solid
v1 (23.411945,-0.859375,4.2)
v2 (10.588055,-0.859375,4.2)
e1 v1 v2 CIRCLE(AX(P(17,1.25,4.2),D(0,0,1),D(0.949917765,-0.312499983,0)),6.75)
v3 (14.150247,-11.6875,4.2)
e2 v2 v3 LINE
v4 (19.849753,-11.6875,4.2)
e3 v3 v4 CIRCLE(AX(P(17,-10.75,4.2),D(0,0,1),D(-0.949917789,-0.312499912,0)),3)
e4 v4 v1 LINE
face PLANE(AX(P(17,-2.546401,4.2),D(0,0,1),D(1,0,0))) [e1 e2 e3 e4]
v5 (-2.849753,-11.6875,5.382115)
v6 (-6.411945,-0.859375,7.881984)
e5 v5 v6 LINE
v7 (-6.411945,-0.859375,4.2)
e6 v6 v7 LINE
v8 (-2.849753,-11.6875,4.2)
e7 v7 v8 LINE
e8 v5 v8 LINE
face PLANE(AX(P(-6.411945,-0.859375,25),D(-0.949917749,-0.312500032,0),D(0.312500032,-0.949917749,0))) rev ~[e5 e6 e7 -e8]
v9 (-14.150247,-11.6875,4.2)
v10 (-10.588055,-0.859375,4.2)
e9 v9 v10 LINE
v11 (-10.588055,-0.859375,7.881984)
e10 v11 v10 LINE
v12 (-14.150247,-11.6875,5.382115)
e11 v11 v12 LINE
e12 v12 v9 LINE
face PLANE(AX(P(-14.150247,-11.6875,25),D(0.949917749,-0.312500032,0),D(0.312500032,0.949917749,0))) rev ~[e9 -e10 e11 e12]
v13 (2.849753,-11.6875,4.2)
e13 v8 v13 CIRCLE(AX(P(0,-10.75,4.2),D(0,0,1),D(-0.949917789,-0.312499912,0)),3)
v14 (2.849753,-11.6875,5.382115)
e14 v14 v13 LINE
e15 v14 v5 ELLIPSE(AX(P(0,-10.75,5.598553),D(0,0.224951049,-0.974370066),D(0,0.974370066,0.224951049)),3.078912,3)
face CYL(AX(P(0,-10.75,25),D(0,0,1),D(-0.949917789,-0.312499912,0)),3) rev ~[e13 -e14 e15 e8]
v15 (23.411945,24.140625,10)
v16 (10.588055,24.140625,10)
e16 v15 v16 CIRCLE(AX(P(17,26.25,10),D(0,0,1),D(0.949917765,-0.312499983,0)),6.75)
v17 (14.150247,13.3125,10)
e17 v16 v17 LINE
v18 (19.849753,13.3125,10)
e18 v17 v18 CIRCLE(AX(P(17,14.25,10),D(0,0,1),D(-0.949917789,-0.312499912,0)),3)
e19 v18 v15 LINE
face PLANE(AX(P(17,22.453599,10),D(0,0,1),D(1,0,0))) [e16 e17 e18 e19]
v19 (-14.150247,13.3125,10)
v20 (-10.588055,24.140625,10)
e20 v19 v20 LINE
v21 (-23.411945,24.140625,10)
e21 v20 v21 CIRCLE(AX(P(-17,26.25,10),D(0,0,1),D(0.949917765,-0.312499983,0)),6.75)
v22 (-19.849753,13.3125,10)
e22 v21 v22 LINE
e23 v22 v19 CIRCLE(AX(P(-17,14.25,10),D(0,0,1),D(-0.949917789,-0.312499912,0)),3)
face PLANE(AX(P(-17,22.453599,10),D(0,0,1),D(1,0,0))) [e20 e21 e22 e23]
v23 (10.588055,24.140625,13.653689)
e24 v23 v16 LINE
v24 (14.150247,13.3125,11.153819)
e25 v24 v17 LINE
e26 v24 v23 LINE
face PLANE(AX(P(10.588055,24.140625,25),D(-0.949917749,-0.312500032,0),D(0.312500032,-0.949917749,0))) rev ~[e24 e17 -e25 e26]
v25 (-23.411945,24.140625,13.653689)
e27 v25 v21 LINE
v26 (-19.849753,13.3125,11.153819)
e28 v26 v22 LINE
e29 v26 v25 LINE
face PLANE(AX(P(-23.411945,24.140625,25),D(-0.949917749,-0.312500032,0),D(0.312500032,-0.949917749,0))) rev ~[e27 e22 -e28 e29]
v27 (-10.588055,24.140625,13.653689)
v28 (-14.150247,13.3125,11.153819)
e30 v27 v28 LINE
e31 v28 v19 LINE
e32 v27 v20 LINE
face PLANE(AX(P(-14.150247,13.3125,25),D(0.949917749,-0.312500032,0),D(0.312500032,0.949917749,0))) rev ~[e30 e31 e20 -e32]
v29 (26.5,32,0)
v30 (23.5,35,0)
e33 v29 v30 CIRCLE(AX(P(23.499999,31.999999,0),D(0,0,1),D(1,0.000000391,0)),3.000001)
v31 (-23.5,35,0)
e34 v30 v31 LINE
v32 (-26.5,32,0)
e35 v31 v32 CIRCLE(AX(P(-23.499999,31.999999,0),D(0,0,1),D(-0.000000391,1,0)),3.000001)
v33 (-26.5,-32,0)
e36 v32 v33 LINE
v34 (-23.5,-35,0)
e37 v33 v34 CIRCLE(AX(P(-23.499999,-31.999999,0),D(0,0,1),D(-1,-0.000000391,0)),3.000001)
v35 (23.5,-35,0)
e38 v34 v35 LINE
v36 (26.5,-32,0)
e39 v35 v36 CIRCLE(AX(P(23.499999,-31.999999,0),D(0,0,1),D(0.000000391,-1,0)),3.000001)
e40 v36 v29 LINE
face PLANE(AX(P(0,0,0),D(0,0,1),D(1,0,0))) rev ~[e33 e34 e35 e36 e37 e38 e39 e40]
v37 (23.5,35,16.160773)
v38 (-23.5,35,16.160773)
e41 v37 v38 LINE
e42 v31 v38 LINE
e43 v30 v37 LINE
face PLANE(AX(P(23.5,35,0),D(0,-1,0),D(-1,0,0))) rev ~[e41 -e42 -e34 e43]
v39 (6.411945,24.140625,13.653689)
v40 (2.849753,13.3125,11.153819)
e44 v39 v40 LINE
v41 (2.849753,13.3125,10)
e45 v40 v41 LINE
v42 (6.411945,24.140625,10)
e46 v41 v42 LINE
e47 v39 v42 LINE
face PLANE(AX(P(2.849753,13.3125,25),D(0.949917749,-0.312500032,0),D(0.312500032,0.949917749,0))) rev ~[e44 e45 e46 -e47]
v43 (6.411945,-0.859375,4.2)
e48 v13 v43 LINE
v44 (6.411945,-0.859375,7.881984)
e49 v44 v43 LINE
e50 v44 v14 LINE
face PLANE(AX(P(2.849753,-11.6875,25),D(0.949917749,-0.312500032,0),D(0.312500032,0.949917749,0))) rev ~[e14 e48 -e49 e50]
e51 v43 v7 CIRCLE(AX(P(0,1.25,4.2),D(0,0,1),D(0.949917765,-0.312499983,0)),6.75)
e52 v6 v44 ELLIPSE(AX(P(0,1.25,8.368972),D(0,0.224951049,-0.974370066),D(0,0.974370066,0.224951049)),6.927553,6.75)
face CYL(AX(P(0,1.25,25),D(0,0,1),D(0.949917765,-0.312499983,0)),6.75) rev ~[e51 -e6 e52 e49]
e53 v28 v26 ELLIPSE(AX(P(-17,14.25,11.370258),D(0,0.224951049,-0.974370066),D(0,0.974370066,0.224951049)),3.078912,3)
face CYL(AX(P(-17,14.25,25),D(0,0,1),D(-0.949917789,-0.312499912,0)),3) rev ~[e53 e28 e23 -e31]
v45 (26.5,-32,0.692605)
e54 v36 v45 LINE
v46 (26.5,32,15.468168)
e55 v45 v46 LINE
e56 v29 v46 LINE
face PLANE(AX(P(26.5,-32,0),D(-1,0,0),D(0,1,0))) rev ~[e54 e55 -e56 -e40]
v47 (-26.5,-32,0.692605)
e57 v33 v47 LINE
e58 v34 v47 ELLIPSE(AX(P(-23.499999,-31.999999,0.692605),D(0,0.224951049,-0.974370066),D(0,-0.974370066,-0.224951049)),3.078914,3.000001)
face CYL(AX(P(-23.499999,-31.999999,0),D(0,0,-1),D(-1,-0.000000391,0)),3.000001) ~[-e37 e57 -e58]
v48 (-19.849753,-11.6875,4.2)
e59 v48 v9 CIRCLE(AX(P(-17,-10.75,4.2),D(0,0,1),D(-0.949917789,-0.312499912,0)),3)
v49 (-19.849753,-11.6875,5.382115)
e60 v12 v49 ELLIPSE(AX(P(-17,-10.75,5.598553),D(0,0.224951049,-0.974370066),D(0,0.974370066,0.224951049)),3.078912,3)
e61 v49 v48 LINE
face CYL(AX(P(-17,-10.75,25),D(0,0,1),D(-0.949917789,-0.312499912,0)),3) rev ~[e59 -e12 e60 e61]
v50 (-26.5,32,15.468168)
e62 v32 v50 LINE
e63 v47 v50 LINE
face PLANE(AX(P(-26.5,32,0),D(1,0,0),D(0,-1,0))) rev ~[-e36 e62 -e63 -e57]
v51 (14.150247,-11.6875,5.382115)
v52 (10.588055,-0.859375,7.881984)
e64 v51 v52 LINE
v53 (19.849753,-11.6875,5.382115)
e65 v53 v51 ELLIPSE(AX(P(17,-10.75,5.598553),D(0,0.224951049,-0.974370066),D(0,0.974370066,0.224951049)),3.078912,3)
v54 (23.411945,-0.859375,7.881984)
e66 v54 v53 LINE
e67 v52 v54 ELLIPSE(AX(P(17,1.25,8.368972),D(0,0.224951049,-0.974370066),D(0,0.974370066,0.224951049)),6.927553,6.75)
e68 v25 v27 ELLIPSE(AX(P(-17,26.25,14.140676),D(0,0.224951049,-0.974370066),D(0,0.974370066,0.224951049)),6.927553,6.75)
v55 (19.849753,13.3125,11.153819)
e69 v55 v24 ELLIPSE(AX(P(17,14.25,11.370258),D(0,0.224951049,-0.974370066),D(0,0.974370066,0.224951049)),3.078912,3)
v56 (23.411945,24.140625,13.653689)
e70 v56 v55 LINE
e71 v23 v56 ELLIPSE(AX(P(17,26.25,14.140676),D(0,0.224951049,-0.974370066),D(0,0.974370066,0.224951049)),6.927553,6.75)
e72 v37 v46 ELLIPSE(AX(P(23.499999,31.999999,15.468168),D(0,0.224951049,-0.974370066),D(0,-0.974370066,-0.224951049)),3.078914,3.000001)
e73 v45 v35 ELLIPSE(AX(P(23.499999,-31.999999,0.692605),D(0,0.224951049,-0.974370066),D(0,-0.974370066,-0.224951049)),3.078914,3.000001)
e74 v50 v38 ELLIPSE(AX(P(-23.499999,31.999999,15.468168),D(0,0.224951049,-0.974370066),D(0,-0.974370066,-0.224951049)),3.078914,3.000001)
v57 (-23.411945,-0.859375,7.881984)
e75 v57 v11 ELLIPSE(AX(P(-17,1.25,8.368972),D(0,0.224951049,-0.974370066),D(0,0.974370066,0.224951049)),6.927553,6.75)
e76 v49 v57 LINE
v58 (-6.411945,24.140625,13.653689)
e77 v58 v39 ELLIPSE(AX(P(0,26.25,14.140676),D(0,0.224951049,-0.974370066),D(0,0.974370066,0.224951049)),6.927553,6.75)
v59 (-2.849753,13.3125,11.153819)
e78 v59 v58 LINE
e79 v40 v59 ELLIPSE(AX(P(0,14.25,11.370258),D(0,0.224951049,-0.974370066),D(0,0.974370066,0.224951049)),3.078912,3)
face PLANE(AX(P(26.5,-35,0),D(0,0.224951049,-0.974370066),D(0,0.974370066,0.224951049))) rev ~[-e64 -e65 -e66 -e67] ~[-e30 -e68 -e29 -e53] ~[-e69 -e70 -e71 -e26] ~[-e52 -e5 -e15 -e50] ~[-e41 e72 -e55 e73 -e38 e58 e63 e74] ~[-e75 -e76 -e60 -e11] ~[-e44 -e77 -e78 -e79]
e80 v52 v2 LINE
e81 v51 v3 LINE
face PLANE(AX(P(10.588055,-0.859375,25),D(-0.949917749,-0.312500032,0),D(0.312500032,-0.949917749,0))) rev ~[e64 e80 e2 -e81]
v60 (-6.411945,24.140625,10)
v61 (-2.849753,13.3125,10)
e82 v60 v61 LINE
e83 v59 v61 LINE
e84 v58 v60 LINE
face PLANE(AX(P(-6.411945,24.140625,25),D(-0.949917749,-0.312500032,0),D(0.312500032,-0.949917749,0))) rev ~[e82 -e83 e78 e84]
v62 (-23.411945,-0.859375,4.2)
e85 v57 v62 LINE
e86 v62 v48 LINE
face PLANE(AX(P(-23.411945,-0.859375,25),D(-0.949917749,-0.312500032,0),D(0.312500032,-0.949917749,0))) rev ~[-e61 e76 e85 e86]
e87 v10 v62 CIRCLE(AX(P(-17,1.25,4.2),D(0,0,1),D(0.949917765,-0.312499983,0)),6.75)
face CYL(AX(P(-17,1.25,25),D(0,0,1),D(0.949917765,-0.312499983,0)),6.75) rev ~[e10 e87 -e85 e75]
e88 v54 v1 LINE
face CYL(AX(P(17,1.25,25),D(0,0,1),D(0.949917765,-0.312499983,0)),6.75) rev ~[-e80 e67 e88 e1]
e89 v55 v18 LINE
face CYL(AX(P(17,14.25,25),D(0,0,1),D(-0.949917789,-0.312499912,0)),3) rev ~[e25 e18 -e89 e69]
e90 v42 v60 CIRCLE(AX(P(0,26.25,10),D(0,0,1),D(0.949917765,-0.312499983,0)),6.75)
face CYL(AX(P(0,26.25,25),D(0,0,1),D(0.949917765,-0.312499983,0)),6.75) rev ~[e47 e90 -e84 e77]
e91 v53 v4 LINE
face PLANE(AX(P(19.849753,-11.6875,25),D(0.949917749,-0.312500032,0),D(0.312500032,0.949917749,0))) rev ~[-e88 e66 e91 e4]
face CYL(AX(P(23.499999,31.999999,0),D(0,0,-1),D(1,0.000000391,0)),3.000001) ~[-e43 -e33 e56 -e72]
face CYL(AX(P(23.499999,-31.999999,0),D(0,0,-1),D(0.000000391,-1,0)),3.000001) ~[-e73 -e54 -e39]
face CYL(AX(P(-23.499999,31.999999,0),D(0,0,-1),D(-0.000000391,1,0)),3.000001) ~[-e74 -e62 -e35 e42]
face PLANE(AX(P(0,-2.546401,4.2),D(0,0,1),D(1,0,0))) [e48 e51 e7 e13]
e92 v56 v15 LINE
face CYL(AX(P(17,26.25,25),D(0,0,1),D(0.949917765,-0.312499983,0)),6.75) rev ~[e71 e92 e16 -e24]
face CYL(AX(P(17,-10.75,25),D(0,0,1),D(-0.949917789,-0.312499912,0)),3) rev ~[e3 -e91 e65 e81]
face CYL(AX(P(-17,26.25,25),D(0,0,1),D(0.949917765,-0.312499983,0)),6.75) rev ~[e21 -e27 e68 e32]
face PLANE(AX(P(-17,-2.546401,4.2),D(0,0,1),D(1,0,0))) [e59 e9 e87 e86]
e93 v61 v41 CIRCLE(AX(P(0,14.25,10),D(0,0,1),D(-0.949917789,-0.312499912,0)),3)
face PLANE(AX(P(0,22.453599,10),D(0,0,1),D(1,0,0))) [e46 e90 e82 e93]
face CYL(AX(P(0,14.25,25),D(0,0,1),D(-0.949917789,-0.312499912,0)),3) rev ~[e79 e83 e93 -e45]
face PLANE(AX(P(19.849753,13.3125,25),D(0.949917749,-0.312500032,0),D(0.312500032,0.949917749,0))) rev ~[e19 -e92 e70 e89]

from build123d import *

# Parameters (mm, degrees)
F1_DEPTH = 25
F3_DEPTH = 53.001
F6_DEPTH = 15
F8_DEPTH = 20.8


with BuildPart() as f1:
    # F0 (on Top) → F1 (new body)
    with BuildSketch(Plane.XY):
        with BuildLine():
            Line((23.5, 35), (-23.5, 35))
            ThreePointArc((-23.5, 35), (-25.62132, 34.12132), (-26.5, 32))
            Line((-26.5, 32), (-26.5, -32))
            ThreePointArc((-26.5, -32), (-25.62132, -34.12132), (-23.5, -35))
            Line((-23.5, -35), (23.5, -35))
            ThreePointArc((23.5, -35), (25.62132, -34.12132), (26.5, -32))
            Line((26.5, -32), (26.5, 32))
            ThreePointArc((26.5, 32), (25.62132, 34.12132), (23.5, 35))
        make_face()
    extrude(amount=F1_DEPTH)

    # F2 (on face) → F3 (cut, through all)
    with BuildSketch(Plane.YZ.offset(26.5)):
        Polygon((-35, 25), (-35, 0), (35, 16.160773), (35, 25), align=None)
    extrude(amount=-F3_DEPTH, mode=Mode.SUBTRACT)

    # F5 (on offset) → F6 (cut)
    with BuildSketch(Plane.XY.offset(25)):
        with BuildLine():
            Line((2.849753, 13.3125), (6.411945, 24.140625))
            ThreePointArc((6.411945, 24.140625), (0, 33), (-6.411945, 24.140625))
            Line((-6.411945, 24.140625), (-2.849753, 13.3125))
            ThreePointArc((-2.849753, 13.3125), (0, 11.25), (2.849753, 13.3125))
        make_face()
        with BuildLine():
            Line((19.849753, 13.3125), (23.411945, 24.140625))
            ThreePointArc((23.411945, 24.140625), (17, 33), (10.588055, 24.140625))
            Line((10.588055, 24.140625), (14.150247, 13.3125))
            ThreePointArc((14.150247, 13.3125), (17, 11.25), (19.849753, 13.3125))
        make_face()
        with BuildLine():
            ThreePointArc((-19.849753, 13.3125), (-17, 11.25), (-14.150247, 13.3125))
            Line((-14.150247, 13.3125), (-10.588055, 24.140625))
            ThreePointArc((-10.588055, 24.140625), (-17, 33), (-23.411945, 24.140625))
            Line((-23.411945, 24.140625), (-19.849753, 13.3125))
        make_face()
    extrude(amount=-F6_DEPTH, mode=Mode.SUBTRACT)

    # F7 (on offset) → F8 (cut)
    with BuildSketch(Plane.XY.offset(25)):
        with BuildLine():
            Line((10.588055, -0.859375), (14.150247, -11.6875))
            ThreePointArc((14.150247, -11.6875), (17, -13.75), (19.849753, -11.6875))
            Line((19.849753, -11.6875), (23.411945, -0.859375))
            ThreePointArc((23.411945, -0.859375), (17, 8), (10.588055, -0.859375))
        make_face()
        with BuildLine():
            ThreePointArc((-2.849753, -11.6875), (0, -13.75), (2.849753, -11.6875))
            Line((2.849753, -11.6875), (6.411945, -0.859375))
            ThreePointArc((6.411945, -0.859375), (0, 8), (-6.411945, -0.859375))
            Line((-6.411945, -0.859375), (-2.849753, -11.6875))
        make_face()
        with BuildLine():
            ThreePointArc((-19.849753, -11.6875), (-17, -13.75), (-14.150247, -11.6875))
            Line((-14.150247, -11.6875), (-10.588055, -0.859375))
            ThreePointArc((-10.588055, -0.859375), (-17, 8), (-23.411945, -0.859375))
            Line((-23.411945, -0.859375), (-19.849753, -11.6875))
        make_face()
    extrude(amount=-F8_DEPTH, mode=Mode.SUBTRACT)


solid = f1.part
